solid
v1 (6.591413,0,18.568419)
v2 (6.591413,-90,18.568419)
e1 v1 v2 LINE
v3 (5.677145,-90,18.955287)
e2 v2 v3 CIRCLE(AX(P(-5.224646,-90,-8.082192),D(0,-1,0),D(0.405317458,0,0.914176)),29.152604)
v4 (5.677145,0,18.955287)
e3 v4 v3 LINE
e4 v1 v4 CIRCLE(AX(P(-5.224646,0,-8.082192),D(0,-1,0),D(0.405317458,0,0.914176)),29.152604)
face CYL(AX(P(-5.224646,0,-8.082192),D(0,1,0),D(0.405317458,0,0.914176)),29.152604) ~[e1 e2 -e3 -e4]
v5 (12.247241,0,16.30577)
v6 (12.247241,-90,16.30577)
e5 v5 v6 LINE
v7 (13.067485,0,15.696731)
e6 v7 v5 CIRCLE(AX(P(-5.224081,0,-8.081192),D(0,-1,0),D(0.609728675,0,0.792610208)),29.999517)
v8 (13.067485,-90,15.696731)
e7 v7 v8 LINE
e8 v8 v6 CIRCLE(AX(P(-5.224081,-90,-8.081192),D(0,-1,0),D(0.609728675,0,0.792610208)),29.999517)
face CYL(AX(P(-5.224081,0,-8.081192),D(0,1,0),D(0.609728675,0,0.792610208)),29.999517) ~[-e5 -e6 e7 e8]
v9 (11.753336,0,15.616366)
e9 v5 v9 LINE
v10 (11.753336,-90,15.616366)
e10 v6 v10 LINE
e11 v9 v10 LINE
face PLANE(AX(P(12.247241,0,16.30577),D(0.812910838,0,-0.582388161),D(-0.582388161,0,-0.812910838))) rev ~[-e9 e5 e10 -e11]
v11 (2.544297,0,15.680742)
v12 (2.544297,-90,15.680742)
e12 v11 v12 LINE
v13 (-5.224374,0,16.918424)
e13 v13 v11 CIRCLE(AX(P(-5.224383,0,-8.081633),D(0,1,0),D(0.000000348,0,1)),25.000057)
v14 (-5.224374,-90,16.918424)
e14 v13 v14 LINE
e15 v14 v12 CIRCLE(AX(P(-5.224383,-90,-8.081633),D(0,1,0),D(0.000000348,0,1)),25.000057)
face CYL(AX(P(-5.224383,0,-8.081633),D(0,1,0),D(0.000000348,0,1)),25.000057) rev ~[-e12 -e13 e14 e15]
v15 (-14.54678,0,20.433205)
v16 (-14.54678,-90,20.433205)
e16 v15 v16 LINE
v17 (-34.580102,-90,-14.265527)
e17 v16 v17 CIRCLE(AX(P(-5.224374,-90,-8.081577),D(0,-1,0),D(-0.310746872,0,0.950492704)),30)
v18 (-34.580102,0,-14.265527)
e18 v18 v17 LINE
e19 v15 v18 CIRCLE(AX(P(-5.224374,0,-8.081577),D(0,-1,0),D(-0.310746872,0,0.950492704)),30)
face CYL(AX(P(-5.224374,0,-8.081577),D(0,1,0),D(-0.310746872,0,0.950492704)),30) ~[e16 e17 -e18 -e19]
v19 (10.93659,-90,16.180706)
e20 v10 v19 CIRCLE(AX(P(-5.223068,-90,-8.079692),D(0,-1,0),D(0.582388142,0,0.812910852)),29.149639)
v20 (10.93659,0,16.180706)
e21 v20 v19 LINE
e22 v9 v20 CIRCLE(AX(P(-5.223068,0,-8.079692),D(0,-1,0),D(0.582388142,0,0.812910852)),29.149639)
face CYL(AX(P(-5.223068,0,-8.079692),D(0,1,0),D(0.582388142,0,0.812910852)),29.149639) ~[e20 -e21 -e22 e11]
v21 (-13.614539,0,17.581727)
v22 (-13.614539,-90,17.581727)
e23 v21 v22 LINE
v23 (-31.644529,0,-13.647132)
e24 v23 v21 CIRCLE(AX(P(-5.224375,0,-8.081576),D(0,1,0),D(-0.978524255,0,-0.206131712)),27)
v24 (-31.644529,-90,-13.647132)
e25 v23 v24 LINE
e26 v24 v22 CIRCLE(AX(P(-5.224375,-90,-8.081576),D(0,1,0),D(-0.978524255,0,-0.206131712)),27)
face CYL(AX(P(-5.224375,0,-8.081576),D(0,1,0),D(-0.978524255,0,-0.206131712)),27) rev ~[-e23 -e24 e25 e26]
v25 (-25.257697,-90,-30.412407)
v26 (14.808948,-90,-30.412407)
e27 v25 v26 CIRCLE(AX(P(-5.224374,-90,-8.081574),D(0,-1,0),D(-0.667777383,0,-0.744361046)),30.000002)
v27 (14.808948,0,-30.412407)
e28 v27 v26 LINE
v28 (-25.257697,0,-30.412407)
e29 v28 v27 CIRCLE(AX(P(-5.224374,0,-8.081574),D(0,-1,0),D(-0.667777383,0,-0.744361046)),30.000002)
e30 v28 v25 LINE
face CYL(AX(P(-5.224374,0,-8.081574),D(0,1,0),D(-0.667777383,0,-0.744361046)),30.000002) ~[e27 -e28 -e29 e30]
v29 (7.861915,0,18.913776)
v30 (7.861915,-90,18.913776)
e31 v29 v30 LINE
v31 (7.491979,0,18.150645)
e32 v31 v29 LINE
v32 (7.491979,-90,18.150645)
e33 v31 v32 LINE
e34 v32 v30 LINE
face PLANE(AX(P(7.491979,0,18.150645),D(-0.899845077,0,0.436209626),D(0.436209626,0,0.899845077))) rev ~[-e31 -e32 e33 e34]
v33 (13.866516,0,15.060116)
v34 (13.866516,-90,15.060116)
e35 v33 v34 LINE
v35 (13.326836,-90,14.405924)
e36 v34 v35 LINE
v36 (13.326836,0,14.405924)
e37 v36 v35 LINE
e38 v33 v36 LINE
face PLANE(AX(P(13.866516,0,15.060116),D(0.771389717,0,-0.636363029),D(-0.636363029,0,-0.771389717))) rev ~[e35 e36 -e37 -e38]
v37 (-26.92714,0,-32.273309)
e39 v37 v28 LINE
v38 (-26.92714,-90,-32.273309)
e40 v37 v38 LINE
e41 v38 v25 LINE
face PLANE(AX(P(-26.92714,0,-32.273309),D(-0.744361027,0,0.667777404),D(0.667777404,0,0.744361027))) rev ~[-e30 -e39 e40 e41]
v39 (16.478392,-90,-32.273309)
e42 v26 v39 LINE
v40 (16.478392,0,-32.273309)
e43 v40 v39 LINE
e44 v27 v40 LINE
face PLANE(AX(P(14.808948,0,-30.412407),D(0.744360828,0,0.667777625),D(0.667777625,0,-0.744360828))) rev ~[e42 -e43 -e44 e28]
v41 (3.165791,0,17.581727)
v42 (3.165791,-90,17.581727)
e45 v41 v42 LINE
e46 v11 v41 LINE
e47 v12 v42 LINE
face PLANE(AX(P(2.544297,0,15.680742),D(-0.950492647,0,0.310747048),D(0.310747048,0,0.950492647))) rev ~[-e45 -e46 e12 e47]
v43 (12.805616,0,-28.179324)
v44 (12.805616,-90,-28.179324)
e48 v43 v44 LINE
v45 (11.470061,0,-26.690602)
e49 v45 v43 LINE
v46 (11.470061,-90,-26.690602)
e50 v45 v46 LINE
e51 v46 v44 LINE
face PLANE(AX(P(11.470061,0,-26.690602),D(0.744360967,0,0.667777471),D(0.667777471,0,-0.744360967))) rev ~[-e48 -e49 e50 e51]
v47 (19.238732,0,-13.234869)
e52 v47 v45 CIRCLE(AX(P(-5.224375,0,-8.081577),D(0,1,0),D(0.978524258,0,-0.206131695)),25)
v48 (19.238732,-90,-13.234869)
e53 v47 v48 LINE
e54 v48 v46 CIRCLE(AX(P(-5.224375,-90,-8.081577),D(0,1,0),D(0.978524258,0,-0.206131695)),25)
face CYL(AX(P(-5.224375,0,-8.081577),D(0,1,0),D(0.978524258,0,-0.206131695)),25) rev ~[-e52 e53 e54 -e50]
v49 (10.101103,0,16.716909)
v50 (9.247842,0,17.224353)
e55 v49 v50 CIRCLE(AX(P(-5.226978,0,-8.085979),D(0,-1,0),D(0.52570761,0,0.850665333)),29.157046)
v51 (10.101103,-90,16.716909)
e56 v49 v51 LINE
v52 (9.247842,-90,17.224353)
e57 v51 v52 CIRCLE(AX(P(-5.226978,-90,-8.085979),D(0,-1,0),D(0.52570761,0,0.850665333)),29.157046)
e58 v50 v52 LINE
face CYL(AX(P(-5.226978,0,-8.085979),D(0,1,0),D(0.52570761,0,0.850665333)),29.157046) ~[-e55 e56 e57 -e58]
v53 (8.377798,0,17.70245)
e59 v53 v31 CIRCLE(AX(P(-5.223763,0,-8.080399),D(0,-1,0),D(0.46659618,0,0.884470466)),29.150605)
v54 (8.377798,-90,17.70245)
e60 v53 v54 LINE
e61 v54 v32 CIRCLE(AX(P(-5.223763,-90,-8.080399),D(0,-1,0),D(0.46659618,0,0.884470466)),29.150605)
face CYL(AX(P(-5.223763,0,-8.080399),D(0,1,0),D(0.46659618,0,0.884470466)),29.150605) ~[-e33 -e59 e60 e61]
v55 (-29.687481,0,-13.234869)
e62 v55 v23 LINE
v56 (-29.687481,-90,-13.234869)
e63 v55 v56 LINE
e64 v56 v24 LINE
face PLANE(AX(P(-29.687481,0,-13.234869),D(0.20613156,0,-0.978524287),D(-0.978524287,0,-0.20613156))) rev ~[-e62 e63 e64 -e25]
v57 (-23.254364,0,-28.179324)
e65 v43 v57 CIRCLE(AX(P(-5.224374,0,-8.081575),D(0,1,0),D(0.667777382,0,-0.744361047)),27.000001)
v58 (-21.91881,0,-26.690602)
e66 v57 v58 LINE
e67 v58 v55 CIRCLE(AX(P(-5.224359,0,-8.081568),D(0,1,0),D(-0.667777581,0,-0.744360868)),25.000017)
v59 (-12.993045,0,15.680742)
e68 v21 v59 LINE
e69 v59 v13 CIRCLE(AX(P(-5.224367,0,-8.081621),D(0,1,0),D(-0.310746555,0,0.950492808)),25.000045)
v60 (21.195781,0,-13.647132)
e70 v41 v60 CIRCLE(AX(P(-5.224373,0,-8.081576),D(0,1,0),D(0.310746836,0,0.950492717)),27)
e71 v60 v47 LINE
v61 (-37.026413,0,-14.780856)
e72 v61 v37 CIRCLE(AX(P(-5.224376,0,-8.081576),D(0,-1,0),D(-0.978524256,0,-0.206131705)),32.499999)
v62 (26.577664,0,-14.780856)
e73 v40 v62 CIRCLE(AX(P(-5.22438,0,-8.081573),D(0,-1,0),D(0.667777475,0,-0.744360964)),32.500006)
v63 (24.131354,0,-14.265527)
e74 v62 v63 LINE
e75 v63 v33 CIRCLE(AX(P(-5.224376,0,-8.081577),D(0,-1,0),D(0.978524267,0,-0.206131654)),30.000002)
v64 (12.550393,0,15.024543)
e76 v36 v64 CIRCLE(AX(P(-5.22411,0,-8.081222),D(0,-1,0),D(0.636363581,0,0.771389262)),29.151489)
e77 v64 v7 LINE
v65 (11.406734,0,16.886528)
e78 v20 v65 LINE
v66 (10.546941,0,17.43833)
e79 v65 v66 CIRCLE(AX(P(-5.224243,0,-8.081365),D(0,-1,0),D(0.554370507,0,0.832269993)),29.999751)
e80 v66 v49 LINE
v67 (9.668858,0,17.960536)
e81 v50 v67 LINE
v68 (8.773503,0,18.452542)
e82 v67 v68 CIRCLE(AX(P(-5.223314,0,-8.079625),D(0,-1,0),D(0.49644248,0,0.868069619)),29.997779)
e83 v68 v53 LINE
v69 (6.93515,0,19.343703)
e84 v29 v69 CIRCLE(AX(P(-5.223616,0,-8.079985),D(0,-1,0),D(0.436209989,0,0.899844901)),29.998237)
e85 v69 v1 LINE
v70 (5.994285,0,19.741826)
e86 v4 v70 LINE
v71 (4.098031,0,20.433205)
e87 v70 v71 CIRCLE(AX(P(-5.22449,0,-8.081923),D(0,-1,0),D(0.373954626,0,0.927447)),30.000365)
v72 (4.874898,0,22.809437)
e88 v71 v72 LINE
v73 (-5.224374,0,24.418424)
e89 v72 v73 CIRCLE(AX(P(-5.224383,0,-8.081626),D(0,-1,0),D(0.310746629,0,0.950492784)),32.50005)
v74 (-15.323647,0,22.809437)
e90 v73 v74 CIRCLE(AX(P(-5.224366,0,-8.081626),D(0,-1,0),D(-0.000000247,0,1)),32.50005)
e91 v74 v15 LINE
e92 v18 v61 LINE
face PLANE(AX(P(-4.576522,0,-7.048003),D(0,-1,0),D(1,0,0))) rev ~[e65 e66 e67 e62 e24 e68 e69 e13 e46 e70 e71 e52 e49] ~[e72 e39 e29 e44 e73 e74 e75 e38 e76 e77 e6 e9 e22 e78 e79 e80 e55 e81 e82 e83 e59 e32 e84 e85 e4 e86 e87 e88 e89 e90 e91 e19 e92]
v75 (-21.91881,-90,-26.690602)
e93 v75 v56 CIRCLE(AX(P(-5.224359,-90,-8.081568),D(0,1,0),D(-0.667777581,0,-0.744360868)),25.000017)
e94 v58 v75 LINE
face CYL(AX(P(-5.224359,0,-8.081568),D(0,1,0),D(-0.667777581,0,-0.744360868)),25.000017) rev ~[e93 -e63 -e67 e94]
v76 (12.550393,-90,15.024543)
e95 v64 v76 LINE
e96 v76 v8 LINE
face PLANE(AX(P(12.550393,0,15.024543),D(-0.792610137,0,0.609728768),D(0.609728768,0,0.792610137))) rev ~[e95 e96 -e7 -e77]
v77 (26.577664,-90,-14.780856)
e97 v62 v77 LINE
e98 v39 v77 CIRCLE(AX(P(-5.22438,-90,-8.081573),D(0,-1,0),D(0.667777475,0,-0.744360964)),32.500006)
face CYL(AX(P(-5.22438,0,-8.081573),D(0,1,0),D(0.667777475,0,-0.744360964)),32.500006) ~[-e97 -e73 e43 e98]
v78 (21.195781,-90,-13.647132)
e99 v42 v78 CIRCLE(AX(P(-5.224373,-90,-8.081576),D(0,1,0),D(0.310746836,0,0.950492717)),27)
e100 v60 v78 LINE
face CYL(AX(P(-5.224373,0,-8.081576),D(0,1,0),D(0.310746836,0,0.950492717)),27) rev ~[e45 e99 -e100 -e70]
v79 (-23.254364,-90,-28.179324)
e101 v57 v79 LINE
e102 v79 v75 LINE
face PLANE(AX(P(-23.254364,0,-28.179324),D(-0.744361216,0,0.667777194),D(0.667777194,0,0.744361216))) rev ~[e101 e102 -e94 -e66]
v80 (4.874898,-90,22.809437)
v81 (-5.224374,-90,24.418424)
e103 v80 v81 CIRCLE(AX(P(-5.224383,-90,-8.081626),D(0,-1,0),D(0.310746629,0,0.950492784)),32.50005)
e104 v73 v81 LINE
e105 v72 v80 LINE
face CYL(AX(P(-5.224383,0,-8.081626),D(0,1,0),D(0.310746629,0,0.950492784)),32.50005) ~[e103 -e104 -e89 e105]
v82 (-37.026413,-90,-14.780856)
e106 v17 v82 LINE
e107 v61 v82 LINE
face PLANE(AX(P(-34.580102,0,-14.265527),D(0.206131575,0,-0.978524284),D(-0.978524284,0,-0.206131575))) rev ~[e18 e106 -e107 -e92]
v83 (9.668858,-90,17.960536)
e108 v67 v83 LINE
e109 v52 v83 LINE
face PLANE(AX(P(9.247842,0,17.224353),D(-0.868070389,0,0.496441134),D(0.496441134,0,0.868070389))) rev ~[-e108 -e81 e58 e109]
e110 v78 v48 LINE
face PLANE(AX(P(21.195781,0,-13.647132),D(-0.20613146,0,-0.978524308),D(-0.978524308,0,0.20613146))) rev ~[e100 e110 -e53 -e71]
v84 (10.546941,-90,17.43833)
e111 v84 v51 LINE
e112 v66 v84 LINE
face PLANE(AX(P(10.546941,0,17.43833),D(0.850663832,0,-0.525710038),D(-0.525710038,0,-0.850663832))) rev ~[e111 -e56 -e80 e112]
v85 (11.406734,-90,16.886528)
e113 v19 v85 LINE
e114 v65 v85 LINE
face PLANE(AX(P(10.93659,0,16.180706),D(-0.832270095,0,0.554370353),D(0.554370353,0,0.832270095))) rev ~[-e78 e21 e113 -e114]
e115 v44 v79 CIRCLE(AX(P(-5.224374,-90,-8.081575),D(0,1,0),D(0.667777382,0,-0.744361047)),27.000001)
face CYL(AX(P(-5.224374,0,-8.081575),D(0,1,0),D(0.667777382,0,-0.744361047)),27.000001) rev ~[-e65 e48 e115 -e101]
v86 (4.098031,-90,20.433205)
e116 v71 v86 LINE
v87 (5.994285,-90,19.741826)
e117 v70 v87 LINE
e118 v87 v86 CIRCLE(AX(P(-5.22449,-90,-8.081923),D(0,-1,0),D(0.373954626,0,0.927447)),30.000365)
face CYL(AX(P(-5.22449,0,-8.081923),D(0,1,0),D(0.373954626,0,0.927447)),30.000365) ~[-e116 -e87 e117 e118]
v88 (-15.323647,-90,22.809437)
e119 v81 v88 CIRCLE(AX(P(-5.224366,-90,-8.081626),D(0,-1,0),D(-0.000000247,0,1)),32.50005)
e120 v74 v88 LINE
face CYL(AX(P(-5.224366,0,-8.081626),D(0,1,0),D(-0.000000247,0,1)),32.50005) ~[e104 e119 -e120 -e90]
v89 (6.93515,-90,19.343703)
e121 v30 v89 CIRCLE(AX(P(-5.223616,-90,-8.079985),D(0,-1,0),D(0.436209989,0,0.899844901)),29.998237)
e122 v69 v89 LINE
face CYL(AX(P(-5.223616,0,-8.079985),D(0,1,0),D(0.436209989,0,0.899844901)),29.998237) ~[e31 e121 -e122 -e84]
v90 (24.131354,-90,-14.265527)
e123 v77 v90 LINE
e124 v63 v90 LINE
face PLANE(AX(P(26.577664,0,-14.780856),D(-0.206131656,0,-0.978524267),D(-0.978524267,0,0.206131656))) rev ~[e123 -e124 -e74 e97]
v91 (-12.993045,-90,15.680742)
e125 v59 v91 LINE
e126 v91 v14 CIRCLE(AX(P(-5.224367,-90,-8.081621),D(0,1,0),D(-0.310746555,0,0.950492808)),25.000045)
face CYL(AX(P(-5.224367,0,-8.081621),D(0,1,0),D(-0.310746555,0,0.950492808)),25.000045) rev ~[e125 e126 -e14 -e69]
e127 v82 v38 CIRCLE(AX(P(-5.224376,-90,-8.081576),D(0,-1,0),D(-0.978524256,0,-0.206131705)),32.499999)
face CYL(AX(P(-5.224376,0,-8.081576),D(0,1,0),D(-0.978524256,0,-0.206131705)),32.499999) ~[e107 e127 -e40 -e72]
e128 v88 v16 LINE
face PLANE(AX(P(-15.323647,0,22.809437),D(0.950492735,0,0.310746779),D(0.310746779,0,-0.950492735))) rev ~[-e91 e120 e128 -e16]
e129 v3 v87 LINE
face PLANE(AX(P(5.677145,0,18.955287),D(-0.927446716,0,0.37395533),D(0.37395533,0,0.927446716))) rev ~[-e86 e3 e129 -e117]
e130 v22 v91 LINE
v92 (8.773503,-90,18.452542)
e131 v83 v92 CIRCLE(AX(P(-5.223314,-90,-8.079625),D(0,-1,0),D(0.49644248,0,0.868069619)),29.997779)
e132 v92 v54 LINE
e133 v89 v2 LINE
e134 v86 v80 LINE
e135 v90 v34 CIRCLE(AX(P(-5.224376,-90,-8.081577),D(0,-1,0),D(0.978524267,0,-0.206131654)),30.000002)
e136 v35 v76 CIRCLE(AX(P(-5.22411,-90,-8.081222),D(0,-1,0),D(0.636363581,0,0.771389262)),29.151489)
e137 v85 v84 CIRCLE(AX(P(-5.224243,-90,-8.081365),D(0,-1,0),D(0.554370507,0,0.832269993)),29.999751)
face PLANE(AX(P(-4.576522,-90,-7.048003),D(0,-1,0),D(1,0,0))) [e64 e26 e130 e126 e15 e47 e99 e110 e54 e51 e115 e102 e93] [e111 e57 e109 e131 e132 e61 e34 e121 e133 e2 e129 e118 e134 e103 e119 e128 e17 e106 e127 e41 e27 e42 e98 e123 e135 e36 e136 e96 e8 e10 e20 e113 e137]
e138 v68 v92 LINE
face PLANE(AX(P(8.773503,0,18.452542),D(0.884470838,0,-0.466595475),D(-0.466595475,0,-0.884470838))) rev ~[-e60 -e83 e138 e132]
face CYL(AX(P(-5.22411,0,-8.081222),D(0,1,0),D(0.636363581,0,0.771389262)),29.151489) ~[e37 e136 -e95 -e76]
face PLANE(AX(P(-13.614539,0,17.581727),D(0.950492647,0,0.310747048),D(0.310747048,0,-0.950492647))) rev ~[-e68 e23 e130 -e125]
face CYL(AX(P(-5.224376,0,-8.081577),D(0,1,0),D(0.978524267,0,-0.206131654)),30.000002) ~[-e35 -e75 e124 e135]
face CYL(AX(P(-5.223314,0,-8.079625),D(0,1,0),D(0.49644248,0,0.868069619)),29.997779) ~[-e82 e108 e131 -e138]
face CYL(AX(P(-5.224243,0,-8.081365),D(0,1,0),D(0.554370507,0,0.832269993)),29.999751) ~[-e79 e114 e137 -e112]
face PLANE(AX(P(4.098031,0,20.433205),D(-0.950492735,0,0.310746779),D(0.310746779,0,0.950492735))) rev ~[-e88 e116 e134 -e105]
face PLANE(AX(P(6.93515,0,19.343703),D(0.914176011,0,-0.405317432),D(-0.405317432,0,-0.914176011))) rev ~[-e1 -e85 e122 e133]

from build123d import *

# Parameters (mm, degrees)
F1_DEPTH = 90


with BuildPart() as f1:
    # F0 (on Front) → F1 (new body)
    with BuildSketch(Plane.XZ):
        with BuildLine():
            Line((-15.323647, 22.809437), (-14.54678, 20.433205))
            ThreePointArc((-14.54678, 20.433205), (-31.205136, 6.918424), (-34.580102, -14.265527))
            Line((-34.580102, -14.265527), (-37.026413, -14.780856))
            ThreePointArc((-37.026413, -14.780856), (-33.3702, -24.331576), (-26.92714, -32.273309))
            Line((-26.92714, -32.273309), (-25.257697, -30.412407))
            ThreePointArc((-25.257697, -30.412407), (-5.224374, -38.081576), (14.808948, -30.412407))
            Line((14.808948, -30.412407), (16.478392, -32.273309))
            ThreePointArc((16.478392, -32.273309), (22.921451, -24.331576), (26.577664, -14.780856))
            Line((26.577664, -14.780856), (24.131354, -14.265527))
            ThreePointArc((24.131354, -14.265527), (23.091117, 1.829678), (13.866516, 15.060116))
            Line((13.866516, 15.060116), (13.326836, 14.405924))
            ThreePointArc((13.326836, 14.405924), (12.941248, 14.718539), (12.550393, 15.024543))
            Line((12.550393, 15.024543), (13.067485, 15.696731))
            ThreePointArc((13.067485, 15.696731), (12.659955, 16.004743), (12.247241, 16.30577))
            Line((12.247241, 16.30577), (11.753336, 15.616366))
            ThreePointArc((11.753336, 15.616366), (11.347366, 15.902013), (10.93659, 16.180706))
            Line((10.93659, 16.180706), (11.406734, 16.886528))
            ThreePointArc((11.406734, 16.886528), (10.979187, 17.166089), (10.546941, 17.43833))
            Line((10.546941, 17.43833), (10.101103, 16.716909))
            ThreePointArc((10.101103, 16.716909), (9.676632, 16.974263), (9.247842, 17.224353))
            Line((9.247842, 17.224353), (9.668858, 17.960536))
            ThreePointArc((9.668858, 17.960536), (9.223275, 18.210351), (8.773503, 18.452542))
            Line((8.773503, 18.452542), (8.377798, 17.70245))
            ThreePointArc((8.377798, 17.70245), (7.936796, 17.930319), (7.491979, 18.150645))
            Line((7.491979, 18.150645), (7.861915, 18.913776))
            ThreePointArc((7.861915, 18.913776), (7.400363, 19.132685), (6.93515, 19.343703))
            Line((6.93515, 19.343703), (6.591413, 18.568419))
            ThreePointArc((6.591413, 18.568419), (6.135926, 18.765745), (5.677145, 18.955287))
            Line((5.677145, 18.955287), (5.994285, 19.741826))
            ThreePointArc((5.994285, 19.741826), (5.051974, 20.103467), (4.098031, 20.433205))
            Line((4.098031, 20.433205), (4.874898, 22.809437))
            ThreePointArc((4.874898, 22.809437), (-0.111055, 24.013656), (-5.224374, 24.418424))
            ThreePointArc((-5.224374, 24.418424), (-10.337694, 24.013656), (-15.323647, 22.809437))
        make_face()
        with BuildLine():
            ThreePointArc((-12.993045, 15.680742), (-9.157697, 16.607064), (-5.224374, 16.918424))
            ThreePointArc((-5.224374, 16.918424), (-1.291052, 16.607064), (2.544297, 15.680742))
            Line((2.544297, 15.680742), (3.165791, 17.581727))
            ThreePointArc((3.165791, 17.581727), (18.158312, 5.418424), (21.195781, -13.647132))
            Line((21.195781, -13.647132), (19.238732, -13.234869))
            ThreePointArc((19.238732, -13.234869), (16.426261, -20.581576), (11.470061, -26.690602))
            Line((11.470061, -26.690602), (12.805616, -28.179324))
            ThreePointArc((12.805616, -28.179324), (-5.224374, -35.081576), (-23.254364, -28.179324))
            Line((-23.254364, -28.179324), (-21.91881, -26.690602))
            ThreePointArc((-21.91881, -26.690602), (-26.875009, -20.581576), (-29.687481, -13.234869))
            Line((-29.687481, -13.234869), (-31.644529, -13.647132))
            ThreePointArc((-31.644529, -13.647132), (-28.60706, 5.418424), (-13.614539, 17.581727))
            Line((-13.614539, 17.581727), (-12.993045, 15.680742))
        make_face(mode=Mode.SUBTRACT)
    extrude(amount=F1_DEPTH)


solid = f1.part
